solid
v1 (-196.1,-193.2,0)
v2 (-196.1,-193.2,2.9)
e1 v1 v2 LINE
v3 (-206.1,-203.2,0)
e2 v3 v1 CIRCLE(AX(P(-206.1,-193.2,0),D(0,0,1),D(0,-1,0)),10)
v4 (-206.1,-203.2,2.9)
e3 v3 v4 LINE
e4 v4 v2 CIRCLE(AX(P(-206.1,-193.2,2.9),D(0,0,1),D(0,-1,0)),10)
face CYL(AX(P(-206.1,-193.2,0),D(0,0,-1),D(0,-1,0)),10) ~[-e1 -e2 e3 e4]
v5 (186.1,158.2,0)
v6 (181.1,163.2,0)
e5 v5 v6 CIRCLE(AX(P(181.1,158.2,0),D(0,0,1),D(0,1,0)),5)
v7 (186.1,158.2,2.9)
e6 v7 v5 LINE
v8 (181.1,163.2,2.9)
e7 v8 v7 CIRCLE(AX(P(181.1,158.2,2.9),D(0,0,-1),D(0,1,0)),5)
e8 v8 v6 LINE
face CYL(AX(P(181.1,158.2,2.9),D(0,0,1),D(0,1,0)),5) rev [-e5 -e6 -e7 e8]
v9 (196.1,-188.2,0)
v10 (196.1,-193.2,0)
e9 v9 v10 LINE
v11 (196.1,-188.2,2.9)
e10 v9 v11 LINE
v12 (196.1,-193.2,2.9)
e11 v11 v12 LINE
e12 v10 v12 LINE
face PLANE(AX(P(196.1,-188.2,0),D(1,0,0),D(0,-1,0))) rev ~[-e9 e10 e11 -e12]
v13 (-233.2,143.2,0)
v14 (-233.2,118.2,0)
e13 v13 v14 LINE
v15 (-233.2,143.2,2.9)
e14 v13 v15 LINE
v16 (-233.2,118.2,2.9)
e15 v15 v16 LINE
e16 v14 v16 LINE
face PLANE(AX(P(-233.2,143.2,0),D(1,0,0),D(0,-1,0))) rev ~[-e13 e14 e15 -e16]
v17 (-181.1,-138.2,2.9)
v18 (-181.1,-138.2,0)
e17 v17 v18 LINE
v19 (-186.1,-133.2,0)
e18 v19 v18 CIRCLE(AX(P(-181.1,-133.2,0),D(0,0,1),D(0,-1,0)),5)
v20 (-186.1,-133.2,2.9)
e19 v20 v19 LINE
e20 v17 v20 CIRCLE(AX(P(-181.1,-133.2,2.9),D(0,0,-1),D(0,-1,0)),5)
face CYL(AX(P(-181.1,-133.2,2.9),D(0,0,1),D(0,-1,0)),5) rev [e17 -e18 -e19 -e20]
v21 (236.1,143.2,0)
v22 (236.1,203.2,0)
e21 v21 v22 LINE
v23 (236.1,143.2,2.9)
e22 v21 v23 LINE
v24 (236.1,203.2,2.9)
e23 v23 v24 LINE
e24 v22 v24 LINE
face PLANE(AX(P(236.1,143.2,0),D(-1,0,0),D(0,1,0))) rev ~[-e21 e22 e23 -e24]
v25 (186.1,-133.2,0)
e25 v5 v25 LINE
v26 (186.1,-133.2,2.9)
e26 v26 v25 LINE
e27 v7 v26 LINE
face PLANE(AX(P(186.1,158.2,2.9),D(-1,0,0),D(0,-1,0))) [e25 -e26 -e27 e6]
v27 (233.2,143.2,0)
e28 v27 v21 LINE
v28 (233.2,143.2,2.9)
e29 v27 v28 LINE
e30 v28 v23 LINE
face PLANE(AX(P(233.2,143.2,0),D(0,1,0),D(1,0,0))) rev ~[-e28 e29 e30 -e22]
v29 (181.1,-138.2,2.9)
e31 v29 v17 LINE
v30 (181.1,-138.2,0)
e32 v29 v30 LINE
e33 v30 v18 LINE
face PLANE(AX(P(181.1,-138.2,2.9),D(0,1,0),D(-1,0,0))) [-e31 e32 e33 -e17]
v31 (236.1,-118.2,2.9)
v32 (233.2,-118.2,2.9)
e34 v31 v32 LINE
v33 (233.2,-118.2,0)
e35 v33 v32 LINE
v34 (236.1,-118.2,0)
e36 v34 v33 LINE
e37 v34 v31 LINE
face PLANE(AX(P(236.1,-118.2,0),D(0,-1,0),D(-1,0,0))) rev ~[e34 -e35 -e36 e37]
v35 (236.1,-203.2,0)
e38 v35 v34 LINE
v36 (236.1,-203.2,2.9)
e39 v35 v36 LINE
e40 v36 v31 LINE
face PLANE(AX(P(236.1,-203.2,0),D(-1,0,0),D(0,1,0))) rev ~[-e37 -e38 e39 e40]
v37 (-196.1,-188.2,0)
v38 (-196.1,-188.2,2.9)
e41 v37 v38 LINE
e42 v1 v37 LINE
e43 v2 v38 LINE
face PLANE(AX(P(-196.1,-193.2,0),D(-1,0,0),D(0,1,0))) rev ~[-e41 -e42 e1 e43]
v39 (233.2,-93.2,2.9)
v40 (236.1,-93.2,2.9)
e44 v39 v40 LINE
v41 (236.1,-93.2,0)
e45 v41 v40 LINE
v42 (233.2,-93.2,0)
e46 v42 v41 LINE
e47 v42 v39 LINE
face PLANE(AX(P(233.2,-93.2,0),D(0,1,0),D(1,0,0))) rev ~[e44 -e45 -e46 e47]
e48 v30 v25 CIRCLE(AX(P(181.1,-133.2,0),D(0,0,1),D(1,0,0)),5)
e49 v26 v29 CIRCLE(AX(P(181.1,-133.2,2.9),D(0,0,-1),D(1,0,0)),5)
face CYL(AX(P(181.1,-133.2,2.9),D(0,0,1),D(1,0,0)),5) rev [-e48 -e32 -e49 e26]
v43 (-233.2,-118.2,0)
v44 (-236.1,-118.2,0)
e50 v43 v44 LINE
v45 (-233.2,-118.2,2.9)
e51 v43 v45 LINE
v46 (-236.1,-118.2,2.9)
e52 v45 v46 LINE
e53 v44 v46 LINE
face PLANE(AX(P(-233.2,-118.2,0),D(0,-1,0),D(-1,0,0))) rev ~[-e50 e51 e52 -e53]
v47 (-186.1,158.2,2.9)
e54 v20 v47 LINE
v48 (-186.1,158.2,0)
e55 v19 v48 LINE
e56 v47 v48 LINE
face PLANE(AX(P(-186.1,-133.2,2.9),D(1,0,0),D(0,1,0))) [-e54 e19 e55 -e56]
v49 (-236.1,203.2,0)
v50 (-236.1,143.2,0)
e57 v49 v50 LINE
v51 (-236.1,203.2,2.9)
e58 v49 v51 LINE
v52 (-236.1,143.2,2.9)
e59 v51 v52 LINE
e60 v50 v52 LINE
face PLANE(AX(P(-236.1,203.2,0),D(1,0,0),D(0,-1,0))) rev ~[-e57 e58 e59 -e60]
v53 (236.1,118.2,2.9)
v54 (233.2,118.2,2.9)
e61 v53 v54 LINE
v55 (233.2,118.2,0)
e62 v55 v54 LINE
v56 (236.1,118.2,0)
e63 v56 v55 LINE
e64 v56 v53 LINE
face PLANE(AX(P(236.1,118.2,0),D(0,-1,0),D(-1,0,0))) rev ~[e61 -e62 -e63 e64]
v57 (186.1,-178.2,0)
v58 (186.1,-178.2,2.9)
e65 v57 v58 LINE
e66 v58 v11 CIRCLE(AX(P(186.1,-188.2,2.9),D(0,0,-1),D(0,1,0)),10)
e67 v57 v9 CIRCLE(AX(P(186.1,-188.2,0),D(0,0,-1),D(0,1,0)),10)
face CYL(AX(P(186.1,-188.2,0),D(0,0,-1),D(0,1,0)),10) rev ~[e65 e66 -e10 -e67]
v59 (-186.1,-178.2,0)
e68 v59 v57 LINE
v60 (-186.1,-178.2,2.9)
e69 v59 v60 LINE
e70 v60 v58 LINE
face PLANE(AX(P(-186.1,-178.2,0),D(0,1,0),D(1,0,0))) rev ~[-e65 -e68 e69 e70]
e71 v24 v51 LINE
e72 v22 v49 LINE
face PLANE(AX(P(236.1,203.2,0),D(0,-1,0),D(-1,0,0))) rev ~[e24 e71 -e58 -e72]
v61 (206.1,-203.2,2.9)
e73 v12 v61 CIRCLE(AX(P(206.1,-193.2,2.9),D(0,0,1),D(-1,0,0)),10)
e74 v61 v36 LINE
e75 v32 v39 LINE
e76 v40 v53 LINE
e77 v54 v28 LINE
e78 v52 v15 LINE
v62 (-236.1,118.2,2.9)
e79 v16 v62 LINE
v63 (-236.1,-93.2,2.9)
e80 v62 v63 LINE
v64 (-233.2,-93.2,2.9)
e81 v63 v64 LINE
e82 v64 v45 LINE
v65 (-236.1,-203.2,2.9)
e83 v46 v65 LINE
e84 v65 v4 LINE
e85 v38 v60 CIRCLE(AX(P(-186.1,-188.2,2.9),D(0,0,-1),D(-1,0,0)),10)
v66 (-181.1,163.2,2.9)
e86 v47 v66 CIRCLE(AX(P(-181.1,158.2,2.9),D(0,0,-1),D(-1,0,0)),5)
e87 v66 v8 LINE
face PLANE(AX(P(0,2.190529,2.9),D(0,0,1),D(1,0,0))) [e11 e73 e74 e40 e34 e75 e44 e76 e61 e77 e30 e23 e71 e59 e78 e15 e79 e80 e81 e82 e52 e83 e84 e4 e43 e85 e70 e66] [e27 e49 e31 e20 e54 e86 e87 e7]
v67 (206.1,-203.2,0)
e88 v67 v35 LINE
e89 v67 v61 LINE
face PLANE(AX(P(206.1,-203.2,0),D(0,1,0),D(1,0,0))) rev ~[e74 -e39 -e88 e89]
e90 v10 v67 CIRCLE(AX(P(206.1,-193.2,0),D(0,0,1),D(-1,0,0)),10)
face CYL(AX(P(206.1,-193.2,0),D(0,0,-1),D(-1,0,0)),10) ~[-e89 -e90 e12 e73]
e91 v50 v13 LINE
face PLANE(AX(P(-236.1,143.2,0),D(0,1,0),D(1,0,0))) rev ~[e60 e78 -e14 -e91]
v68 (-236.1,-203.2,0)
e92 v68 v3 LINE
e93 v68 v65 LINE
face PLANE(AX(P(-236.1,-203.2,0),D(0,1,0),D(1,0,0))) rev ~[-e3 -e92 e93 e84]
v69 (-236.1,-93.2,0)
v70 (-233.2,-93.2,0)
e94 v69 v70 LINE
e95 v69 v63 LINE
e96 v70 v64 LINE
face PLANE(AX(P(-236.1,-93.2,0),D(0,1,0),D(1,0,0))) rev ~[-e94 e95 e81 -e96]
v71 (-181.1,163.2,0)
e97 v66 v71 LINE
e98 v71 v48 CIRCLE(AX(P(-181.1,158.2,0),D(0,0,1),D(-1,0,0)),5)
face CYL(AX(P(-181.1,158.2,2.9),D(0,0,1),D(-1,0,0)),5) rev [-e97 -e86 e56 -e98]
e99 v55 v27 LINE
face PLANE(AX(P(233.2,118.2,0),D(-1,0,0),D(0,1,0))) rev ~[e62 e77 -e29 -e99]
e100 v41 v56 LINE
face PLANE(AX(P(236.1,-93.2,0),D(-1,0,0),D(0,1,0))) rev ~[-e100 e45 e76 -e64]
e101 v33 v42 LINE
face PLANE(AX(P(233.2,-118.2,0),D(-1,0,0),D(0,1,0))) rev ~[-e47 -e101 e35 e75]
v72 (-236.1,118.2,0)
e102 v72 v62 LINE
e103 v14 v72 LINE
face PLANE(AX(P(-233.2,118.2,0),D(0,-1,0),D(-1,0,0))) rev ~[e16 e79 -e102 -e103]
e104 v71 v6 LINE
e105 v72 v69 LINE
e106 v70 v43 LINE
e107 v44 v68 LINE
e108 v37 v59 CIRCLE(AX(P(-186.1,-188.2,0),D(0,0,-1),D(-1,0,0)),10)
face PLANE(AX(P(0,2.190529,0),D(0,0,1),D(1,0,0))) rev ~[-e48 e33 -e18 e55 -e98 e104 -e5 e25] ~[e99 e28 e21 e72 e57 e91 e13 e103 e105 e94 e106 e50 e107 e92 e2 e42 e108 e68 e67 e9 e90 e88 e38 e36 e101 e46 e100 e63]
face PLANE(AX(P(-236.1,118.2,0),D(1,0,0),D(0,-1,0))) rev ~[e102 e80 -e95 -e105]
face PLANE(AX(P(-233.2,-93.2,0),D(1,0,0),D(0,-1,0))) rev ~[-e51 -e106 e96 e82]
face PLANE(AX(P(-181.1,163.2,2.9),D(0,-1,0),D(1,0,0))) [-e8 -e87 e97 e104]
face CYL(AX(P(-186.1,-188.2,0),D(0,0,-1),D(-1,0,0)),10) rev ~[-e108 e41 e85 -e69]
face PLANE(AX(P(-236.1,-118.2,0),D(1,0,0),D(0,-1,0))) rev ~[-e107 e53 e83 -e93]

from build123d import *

# Parameters (mm, degrees)
BOSS_EXTRUDE1_DEPTH = 2.9
CUT_EXTRUDE1_DEPTH  = 3.9


with BuildPart() as part:
    # Sketch1 → Boss-Extrude1 (new body)
    with BuildSketch(Plane.XY):
        with BuildLine():
            Line((206.1, -203.2), (236.1, -203.2))
            Line((236.1, -203.2), (236.1, -118.2))
            Line((236.1, -118.2), (233.2, -118.2))
            Line((233.2, -118.2), (233.2, -93.2))
            Line((233.2, -93.2), (236.1, -93.2))
            Line((236.1, -93.2), (236.1, 118.2))
            Line((236.1, 118.2), (233.2, 118.2))
            Line((233.2, 118.2), (233.2, 143.2))
            Line((233.2, 143.2), (236.1, 143.2))
            Line((236.1, 143.2), (236.1, 203.2))
            Line((236.1, 203.2), (-236.1, 203.2))
            Line((-236.1, 203.2), (-236.1, 143.2))
            Line((-236.1, 143.2), (-233.2, 143.2))
            Line((-233.2, 143.2), (-233.2, 118.2))
            Line((-233.2, 118.2), (-236.1, 118.2))
            Line((-236.1, 118.2), (-236.1, -93.2))
            Line((-236.1, -93.2), (-233.2, -93.2))
            Line((-233.2, -93.2), (-233.2, -118.2))
            Line((-233.2, -118.2), (-236.1, -118.2))
            Line((-236.1, -118.2), (-236.1, -203.2))
            Line((-236.1, -203.2), (-206.1, -203.2))
            ThreePointArc((-206.1, -203.2), (-199.028932188, -200.271067812), (-196.1, -193.2))
            Line((-196.1, -193.2), (-196.1, -188.2))
            ThreePointArc((-196.1, -188.2), (-193.171067812, -181.128932188), (-186.1, -178.2))
            Line((-186.1, -178.2), (186.1, -178.2))
            ThreePointArc((186.1, -178.2), (193.171067812, -181.128932188), (196.1, -188.2))
            Line((196.1, -188.2), (196.1, -193.2))
            ThreePointArc((196.1, -193.2), (199.028932188, -200.271067812), (206.1, -203.2))
        make_face()
    extrude(amount=BOSS_EXTRUDE1_DEPTH)

    # Sketch2 → Cut-Extrude1 (cut, through all)
    with BuildSketch(Plane.XY.offset(2.9)):
        with BuildLine():
            Line((-181.1, 163.2), (181.1, 163.2))
            ThreePointArc((181.1, 163.2), (184.635533906, 161.735533906), (186.1, 158.2))
            Line((186.1, 158.2), (186.1, -133.2))
            ThreePointArc((186.1, -133.2), (184.635533906, -136.735533906), (181.1, -138.2))
            Line((181.1, -138.2), (-181.1, -138.2))
            ThreePointArc((-181.1, -138.2), (-184.635533906, -136.735533906), (-186.1, -133.2))
            Line((-186.1, -133.2), (-186.1, 158.2))
            ThreePointArc((-186.1, 158.2), (-184.635533906, 161.735533906), (-181.1, 163.2))
        make_face()
    extrude(amount=-CUT_EXTRUDE1_DEPTH, mode=Mode.SUBTRACT)


solid = part.part
